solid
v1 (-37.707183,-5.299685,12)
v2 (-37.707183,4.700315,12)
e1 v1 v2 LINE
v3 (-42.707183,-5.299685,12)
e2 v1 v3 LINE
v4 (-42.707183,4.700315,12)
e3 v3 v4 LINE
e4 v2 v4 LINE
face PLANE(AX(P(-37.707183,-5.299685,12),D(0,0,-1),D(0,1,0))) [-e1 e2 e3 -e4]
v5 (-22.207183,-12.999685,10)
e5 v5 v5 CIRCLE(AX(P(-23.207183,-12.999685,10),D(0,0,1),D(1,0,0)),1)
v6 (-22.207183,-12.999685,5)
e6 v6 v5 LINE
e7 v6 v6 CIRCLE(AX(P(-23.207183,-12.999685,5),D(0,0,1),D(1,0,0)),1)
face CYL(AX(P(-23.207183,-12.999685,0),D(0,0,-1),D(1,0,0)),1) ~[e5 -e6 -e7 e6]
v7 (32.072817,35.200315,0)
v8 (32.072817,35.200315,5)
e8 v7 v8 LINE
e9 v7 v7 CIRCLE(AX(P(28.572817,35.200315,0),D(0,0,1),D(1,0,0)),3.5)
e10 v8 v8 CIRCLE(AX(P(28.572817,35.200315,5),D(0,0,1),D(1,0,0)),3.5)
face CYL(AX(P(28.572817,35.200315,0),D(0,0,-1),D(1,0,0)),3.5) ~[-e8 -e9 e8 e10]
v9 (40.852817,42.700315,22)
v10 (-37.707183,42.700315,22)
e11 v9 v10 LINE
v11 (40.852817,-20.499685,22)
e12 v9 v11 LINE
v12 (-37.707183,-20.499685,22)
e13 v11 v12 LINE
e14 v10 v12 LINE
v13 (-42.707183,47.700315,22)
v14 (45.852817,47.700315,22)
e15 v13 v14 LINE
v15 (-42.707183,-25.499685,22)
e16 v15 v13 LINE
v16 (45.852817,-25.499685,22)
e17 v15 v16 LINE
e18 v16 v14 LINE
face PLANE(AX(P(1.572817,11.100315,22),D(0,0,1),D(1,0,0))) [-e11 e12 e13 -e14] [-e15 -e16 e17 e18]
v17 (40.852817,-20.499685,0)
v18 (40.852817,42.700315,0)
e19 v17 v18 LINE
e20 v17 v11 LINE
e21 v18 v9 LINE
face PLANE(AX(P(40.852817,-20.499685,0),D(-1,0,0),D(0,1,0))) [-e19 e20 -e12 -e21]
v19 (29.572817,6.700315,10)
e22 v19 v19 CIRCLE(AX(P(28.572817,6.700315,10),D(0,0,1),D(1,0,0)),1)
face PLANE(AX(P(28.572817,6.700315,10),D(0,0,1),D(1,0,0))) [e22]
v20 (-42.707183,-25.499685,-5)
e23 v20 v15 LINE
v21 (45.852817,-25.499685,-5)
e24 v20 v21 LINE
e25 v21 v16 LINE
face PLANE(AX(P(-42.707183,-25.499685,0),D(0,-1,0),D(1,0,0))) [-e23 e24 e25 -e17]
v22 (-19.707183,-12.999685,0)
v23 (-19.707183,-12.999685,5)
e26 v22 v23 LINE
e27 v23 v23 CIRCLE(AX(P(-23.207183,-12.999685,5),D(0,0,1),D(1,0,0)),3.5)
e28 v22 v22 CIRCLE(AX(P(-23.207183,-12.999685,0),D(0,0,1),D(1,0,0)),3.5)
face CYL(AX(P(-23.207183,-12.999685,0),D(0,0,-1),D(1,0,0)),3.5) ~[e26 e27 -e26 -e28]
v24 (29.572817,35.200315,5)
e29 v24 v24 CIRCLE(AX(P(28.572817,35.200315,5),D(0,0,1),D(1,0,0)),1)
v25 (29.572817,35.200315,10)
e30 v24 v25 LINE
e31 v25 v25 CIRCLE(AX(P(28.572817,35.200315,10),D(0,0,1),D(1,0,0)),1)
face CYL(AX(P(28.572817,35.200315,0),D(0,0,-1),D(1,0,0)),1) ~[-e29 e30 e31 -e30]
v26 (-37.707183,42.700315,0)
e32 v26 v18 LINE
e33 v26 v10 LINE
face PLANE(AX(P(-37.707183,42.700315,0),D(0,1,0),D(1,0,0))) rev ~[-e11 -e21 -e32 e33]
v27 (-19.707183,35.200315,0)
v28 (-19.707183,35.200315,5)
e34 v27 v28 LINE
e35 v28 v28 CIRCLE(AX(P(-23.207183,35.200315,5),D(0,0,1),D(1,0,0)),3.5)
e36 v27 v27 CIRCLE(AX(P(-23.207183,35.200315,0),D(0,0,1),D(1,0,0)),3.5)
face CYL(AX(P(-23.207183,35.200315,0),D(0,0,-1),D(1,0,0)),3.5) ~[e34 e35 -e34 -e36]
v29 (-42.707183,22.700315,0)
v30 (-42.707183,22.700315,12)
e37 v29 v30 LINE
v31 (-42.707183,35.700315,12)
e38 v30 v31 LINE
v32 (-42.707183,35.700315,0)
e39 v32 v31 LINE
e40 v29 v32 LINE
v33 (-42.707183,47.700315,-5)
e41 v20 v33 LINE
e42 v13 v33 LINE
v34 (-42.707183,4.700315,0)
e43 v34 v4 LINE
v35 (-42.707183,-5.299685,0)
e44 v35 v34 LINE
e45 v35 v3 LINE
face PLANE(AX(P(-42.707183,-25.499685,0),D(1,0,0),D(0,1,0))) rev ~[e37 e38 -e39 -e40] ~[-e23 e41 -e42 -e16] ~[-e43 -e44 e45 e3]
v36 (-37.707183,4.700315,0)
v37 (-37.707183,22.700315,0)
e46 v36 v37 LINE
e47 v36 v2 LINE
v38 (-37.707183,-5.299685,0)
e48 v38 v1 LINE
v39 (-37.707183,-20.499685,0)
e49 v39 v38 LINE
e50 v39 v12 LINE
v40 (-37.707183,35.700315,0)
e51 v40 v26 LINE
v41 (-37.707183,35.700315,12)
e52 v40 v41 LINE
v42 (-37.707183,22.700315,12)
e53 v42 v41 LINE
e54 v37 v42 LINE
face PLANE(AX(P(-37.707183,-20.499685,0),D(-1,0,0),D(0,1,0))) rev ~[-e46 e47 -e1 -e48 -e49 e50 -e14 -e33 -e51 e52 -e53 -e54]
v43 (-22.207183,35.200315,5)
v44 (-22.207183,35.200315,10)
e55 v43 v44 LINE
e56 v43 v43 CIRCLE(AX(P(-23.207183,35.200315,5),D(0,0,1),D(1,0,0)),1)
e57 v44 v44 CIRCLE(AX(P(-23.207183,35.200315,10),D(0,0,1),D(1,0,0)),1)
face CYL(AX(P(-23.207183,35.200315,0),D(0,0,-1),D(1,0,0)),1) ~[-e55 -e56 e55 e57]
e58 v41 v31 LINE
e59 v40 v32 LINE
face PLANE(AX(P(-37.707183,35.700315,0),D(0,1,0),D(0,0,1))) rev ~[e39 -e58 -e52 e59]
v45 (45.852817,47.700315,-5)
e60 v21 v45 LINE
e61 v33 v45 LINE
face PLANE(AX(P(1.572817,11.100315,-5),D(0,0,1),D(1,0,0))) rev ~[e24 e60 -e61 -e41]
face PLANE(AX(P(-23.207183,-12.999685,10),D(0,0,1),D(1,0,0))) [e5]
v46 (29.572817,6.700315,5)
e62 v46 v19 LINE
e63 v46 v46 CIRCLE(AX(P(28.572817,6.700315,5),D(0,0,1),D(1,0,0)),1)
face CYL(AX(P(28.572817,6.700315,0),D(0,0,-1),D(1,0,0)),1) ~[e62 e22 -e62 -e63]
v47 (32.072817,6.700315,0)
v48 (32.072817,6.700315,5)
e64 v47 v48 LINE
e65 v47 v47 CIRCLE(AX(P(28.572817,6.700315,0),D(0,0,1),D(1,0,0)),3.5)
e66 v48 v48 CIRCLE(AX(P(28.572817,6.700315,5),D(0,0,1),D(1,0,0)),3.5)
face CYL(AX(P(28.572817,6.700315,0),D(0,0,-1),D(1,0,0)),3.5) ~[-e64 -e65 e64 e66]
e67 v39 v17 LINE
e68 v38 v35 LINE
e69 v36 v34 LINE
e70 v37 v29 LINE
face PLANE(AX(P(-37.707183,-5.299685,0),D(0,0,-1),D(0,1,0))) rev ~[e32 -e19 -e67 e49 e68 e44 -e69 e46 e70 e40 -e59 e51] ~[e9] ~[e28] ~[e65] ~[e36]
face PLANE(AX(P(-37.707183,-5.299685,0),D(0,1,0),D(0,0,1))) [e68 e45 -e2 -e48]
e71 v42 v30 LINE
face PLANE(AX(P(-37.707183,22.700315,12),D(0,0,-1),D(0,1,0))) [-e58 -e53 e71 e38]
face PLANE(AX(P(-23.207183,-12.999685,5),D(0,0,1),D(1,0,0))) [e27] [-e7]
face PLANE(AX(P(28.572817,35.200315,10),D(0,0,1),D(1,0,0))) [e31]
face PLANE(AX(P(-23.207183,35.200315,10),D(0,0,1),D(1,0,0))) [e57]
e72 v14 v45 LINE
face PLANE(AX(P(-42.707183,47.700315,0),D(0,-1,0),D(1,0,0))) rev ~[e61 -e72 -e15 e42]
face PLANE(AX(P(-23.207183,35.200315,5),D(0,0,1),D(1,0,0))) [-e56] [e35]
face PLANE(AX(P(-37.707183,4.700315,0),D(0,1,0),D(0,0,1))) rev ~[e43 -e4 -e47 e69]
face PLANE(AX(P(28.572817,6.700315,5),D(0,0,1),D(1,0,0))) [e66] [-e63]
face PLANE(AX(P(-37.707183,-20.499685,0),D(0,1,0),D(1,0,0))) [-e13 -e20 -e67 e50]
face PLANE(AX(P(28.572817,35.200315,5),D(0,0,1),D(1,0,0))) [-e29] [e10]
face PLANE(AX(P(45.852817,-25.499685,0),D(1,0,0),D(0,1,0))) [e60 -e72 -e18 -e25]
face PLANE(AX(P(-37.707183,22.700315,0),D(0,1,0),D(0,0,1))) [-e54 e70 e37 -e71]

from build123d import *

# Parameters (mm, degrees)
F1_W          = 88.56
F1_H          = 73.2
F2_DEPTH      = 22
F2_DEPTH_BACK = 5
F3_W          = 78.56
F3_H          = 63.2
F4_DEPTH      = 34.1
F7_R          = 3.5
F7_R_2        = 1
F8_DEPTH      = 5
F6_W          = 13
F6_H          = 12
F6_W_2        = 10
F9_DEPTH      = 25
F10_R         = 1
F11_DEPTH     = 10


with BuildPart() as f2:
    # F1 (on Top) → F2 (new body, two sides)
    with BuildSketch(Plane.XY) as f2_sk:
        with Locations((1.572817, 11.100315)):
            Rectangle(F1_W, F1_H)
    extrude(amount=F2_DEPTH)
    extrude(f2_sk.sketch, amount=-F2_DEPTH_BACK)

    # F3 (on Top) → F4 (cut)
    with BuildSketch(Plane.XY):
        with Locations((1.572817, 11.100315)):
            Rectangle(F3_W, F3_H)
    extrude(amount=F4_DEPTH, mode=Mode.SUBTRACT)

    # F7 (on face) → F8 (join)
    with BuildSketch(Plane.XY):
        with Locations((28.572817, 35.200315)):
            Circle(F7_R)
        with Locations((28.572817, 35.200315)):
            Circle(F7_R_2, mode=Mode.SUBTRACT)
        with Locations((28.572817, 6.700315)):
            Circle(F7_R)
        with Locations((28.572817, 6.700315)):
            Circle(F7_R_2, mode=Mode.SUBTRACT)
        with Locations((-23.207183, 35.200315)):
            Circle(F7_R)
        with Locations((-23.207183, 35.200315)):
            Circle(F7_R_2, mode=Mode.SUBTRACT)
        with Locations((-23.207183, -12.999685)):
            Circle(F7_R)
        with Locations((-23.207183, -12.999685)):
            Circle(F7_R_2, mode=Mode.SUBTRACT)
    extrude(amount=F8_DEPTH)

    # F6 (on face) → F9 (cut)
    with BuildSketch(Plane.YZ.offset(-37.707183)):
        with Locations((29.200315, 6)):
            Rectangle(F6_W, F6_H)
        with Locations((-0.299685, 6)):
            Rectangle(F6_W_2, F6_H)
    extrude(amount=-F9_DEPTH, mode=Mode.SUBTRACT)

    # F10 (on face) → F11 (join)
    with BuildSketch(Plane.XY):
        with Locations((28.572817, 35.200315)):
            Circle(F10_R)
        with Locations((28.572817, 6.700315)):
            Circle(F10_R)
        with Locations((-23.207183, -12.999685)):
            Circle(F10_R)
        with Locations((-23.207183, 35.200315)):
            Circle(F10_R)
    extrude(amount=F11_DEPTH)


solid = f2.part
